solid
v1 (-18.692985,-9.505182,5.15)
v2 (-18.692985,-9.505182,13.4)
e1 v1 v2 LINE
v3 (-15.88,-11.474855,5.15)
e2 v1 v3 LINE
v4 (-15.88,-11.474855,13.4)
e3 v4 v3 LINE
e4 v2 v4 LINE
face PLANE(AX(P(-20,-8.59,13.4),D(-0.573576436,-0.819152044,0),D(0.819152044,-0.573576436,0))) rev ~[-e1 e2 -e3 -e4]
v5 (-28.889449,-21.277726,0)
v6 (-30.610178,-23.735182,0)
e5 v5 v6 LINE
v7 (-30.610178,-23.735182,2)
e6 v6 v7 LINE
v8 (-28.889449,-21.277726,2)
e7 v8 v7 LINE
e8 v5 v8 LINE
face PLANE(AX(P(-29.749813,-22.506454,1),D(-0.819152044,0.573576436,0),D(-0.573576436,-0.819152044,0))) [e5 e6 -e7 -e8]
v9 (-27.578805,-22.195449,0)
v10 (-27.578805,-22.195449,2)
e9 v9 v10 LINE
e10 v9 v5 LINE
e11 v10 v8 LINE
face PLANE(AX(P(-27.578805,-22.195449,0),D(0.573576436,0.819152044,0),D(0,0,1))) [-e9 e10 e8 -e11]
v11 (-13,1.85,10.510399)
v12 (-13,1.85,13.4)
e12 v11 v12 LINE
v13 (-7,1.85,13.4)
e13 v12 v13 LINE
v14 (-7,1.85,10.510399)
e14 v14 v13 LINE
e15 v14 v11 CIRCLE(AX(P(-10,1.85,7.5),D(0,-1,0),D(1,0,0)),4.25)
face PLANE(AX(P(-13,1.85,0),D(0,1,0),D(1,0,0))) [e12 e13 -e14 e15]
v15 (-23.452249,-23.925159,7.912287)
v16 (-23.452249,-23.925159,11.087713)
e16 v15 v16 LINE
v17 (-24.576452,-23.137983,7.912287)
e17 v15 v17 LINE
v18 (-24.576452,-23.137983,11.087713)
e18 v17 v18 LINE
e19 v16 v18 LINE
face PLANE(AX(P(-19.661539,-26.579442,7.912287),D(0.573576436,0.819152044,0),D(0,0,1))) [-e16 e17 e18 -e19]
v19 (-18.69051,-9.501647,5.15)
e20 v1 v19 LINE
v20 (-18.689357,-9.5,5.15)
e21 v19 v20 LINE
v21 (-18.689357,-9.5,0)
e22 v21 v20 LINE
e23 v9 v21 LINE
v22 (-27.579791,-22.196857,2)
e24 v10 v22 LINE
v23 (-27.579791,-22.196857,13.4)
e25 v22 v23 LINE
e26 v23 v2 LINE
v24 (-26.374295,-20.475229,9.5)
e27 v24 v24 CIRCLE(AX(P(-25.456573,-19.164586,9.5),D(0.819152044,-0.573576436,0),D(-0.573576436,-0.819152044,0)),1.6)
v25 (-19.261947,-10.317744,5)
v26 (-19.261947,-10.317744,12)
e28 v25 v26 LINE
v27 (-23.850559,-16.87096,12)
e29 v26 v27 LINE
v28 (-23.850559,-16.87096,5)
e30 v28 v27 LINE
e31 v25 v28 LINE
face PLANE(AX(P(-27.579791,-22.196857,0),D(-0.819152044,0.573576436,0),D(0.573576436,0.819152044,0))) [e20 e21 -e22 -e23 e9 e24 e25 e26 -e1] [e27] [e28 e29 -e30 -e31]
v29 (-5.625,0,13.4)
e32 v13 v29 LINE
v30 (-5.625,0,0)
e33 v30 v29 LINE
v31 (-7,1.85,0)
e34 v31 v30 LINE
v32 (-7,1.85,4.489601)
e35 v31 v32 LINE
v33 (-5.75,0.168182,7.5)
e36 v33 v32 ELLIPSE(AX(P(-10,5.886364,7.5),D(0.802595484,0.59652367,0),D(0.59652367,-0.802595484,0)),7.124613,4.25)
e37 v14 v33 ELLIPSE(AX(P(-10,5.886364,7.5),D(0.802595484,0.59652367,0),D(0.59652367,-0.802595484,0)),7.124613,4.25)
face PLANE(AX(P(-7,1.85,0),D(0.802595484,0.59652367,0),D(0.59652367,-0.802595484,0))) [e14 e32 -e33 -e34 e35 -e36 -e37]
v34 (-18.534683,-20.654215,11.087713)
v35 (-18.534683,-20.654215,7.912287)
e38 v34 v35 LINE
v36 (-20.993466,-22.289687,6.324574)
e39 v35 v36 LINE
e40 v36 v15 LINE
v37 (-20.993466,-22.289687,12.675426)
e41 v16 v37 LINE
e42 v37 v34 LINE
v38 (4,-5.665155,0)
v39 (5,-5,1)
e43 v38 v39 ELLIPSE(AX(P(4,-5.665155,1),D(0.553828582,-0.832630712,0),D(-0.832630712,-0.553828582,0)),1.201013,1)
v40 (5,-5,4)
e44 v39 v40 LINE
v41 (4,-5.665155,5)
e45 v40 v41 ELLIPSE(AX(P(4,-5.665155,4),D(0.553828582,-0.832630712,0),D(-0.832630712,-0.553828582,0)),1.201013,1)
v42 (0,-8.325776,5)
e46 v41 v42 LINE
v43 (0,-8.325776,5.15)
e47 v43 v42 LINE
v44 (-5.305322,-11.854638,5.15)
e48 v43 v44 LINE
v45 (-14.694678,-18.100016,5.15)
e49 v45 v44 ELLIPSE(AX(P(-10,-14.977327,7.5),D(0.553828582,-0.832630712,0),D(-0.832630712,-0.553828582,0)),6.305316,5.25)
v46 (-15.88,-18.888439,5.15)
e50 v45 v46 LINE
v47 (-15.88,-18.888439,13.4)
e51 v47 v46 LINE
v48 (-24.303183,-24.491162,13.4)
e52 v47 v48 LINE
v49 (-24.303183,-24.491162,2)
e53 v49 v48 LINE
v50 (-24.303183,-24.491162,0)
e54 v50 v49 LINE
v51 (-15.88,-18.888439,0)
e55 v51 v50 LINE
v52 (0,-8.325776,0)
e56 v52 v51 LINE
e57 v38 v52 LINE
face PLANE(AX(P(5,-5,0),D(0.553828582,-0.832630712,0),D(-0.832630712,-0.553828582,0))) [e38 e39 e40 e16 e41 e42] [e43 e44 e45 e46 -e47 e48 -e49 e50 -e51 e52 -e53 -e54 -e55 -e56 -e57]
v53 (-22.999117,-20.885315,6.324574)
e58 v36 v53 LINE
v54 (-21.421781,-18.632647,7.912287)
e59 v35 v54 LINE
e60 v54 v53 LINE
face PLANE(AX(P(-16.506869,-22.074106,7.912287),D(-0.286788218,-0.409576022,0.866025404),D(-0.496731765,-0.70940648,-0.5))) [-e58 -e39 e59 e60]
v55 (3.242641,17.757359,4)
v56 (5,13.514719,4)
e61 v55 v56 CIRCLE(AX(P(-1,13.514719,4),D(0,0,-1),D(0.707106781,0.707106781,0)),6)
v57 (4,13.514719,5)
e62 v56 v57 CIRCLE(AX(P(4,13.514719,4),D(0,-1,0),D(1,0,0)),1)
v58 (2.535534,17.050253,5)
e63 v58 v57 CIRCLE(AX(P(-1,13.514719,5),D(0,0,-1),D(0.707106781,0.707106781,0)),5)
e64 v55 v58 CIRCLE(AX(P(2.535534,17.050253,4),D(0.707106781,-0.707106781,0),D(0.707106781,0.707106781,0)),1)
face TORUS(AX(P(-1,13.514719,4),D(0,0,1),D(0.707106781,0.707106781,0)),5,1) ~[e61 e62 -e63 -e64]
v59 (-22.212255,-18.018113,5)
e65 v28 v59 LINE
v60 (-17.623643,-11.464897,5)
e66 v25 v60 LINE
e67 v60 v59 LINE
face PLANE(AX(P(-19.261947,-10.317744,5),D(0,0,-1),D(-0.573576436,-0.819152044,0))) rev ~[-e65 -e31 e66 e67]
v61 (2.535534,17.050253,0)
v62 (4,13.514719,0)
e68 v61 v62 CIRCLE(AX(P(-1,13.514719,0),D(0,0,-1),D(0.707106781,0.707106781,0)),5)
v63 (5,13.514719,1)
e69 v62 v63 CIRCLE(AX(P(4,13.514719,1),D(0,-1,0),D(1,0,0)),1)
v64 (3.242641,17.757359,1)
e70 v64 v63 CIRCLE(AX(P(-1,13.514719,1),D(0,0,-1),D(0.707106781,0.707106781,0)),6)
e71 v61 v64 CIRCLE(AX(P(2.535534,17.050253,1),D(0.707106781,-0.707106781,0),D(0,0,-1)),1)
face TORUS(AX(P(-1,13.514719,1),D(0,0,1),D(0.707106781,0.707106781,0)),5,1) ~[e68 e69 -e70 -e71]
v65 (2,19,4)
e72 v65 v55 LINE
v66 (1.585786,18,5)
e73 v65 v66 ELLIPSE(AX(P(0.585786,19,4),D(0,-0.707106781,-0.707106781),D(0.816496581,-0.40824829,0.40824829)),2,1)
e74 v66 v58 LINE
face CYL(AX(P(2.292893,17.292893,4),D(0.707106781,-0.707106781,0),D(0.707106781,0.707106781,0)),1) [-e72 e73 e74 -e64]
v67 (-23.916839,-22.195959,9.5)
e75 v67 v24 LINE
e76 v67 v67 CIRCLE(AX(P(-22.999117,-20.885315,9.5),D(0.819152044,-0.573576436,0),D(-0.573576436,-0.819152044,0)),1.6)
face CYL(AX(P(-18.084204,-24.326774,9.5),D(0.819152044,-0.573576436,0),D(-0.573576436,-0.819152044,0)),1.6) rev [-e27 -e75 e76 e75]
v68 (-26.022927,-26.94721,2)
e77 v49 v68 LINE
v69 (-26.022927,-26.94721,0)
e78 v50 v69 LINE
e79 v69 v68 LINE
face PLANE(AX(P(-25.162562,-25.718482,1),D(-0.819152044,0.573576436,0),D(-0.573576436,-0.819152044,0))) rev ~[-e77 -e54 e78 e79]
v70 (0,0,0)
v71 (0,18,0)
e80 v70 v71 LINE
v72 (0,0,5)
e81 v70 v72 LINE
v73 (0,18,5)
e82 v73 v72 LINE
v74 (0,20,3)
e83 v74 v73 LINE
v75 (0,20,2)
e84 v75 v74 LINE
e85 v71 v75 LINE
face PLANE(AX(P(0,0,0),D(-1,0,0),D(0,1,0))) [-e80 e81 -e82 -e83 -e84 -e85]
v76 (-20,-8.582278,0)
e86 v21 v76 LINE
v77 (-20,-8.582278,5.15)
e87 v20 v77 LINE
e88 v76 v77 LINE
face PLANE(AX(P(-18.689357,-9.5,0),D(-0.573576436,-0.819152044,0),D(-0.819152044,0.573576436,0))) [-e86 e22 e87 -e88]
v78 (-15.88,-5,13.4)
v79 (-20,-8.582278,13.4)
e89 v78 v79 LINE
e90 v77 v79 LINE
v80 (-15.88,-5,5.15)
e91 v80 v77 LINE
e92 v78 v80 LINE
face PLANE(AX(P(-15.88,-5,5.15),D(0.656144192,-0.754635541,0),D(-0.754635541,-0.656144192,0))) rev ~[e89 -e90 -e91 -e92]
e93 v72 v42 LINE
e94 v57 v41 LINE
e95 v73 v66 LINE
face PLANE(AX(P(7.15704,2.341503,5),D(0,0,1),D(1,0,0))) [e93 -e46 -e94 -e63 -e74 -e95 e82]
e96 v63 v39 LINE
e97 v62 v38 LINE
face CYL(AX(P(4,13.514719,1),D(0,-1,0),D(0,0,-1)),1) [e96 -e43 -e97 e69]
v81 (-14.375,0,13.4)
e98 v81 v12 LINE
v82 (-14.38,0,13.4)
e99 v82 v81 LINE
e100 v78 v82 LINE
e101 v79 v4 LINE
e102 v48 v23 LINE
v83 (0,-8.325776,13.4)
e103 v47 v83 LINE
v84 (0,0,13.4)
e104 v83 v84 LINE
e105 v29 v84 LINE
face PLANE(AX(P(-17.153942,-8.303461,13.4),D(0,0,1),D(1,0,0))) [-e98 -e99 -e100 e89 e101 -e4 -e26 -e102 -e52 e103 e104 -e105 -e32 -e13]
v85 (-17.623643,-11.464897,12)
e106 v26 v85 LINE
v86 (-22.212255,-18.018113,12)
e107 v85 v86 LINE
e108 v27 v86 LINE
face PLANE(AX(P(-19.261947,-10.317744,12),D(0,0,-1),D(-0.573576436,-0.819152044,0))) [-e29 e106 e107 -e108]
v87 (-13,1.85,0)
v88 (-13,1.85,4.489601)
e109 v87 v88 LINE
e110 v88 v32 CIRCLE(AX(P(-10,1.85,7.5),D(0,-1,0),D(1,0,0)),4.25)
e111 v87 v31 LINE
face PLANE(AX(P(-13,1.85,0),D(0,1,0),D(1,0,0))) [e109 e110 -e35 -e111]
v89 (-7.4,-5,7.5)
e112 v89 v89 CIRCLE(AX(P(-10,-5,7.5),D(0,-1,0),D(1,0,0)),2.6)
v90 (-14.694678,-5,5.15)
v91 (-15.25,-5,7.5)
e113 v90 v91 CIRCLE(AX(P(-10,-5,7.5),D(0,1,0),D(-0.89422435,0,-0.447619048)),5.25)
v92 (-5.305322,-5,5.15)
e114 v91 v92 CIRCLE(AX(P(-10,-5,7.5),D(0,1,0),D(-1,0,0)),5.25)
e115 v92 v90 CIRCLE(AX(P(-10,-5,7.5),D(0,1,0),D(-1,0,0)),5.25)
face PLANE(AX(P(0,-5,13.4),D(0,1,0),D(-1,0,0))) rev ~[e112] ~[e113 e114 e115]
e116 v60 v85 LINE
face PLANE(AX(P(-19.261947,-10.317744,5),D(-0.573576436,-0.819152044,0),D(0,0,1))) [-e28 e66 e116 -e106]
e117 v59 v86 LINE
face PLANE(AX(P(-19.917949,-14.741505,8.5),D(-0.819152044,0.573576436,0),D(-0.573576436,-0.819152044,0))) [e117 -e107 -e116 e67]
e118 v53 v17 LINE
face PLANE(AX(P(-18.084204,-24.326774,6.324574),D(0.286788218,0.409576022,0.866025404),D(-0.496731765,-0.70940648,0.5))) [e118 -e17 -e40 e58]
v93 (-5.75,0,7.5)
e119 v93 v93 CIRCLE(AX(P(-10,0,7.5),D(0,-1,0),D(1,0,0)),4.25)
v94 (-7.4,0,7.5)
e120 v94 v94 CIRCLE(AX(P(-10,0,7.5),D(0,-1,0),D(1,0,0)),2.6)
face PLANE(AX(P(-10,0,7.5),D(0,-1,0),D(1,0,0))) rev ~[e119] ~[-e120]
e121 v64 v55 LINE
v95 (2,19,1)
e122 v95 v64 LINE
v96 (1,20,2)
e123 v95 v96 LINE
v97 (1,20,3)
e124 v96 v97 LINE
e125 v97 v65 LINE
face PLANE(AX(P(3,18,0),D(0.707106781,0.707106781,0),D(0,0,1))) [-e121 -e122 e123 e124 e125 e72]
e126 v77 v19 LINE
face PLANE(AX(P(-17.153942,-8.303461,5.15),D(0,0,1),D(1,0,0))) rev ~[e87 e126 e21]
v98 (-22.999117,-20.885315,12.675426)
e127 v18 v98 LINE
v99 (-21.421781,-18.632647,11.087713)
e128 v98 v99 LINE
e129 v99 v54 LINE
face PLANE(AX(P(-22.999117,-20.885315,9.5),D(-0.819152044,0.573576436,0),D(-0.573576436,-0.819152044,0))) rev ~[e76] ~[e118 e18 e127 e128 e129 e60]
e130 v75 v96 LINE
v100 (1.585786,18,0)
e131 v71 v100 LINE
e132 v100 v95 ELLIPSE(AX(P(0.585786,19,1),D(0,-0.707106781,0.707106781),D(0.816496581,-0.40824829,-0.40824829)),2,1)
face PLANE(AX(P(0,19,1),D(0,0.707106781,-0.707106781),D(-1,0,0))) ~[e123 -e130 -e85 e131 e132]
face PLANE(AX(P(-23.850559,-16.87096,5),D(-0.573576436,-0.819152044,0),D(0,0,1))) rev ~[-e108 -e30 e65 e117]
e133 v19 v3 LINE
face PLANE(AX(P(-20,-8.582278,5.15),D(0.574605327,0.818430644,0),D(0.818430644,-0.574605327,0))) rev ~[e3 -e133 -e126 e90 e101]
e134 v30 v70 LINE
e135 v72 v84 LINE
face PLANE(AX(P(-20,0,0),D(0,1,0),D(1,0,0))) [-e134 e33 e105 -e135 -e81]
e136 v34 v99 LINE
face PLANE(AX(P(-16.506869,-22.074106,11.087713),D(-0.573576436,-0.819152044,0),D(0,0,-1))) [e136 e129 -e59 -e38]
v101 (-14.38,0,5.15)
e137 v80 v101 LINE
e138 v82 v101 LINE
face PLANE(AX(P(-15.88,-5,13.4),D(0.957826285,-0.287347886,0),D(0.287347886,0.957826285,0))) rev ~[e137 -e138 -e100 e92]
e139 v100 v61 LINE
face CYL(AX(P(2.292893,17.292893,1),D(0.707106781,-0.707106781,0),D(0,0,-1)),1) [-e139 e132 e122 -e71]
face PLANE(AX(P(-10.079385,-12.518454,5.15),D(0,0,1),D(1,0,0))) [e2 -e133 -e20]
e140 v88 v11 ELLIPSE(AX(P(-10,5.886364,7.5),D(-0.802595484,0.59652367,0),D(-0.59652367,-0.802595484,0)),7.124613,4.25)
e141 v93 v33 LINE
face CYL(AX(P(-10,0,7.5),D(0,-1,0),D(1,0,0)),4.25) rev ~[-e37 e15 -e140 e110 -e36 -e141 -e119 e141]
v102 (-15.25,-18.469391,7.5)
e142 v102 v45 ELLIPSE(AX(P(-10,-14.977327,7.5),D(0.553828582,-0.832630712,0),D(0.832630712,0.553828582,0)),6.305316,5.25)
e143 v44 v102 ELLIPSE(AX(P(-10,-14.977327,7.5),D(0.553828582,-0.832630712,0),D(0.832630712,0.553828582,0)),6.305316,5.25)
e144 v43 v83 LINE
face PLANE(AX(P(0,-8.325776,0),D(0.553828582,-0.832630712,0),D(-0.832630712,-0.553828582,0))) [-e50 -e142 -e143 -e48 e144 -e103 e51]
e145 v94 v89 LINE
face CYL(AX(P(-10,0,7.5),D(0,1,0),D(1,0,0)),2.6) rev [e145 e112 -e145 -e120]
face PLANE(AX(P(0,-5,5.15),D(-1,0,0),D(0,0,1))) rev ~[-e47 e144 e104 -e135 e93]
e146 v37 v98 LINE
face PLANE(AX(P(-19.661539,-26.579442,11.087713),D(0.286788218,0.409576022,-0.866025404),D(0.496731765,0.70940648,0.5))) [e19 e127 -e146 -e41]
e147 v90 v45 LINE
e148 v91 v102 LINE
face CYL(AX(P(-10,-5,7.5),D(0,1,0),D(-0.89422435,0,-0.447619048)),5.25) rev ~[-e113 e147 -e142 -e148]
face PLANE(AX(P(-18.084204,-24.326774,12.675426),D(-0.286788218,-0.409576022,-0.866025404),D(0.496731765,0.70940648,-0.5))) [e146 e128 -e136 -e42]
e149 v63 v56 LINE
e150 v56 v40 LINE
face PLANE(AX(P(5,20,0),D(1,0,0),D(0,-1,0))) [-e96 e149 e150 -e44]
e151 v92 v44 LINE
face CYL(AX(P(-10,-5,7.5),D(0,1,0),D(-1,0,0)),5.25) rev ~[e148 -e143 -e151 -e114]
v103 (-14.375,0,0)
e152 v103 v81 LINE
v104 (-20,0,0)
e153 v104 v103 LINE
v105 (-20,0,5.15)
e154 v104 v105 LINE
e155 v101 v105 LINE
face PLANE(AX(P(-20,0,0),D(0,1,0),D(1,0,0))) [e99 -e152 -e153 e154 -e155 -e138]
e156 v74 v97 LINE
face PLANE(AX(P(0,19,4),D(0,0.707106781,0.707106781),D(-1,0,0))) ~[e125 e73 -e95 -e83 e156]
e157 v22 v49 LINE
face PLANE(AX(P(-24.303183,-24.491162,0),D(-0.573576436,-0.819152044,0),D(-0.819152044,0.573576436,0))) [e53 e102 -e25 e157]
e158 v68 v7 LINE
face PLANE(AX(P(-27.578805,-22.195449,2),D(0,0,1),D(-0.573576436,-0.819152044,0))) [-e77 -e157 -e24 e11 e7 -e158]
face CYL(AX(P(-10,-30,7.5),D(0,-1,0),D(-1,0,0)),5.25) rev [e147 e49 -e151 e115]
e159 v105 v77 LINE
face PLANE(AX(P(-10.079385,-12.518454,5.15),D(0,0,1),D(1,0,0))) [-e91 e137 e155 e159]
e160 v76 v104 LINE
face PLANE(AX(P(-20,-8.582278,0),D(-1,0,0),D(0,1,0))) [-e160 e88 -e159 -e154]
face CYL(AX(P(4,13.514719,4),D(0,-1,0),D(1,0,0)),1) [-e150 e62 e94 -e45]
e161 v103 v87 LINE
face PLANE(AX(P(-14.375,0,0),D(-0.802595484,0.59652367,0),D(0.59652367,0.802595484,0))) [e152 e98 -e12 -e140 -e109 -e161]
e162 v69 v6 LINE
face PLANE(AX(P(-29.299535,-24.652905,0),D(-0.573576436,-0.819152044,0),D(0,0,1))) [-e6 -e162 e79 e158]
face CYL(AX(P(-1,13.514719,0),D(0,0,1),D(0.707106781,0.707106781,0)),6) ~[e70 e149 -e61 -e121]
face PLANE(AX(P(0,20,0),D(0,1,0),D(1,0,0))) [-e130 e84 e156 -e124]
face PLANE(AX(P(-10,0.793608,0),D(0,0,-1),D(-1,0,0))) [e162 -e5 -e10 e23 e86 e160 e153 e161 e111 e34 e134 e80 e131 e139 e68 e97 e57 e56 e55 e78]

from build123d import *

# Parameters (mm, degrees)
PAD_DEPTH            = 13.4
POCKET001_DEPTH      = 8.4
POCKET001_DEPTH_BACK = 100
SKETCH003_R          = 2.6
POCKET002_DEPTH      = 24.4921624319
SKETCH004_R          = 5.25
POCKET_DEPTH         = 25
SKETCH007_W          = 3
SKETCH007_H          = 2
PAD001_DEPTH         = 1.6
PAD001_DEPTH_BACK    = 4
POCKET005_DEPTH      = 8.25
PAD002_DEPTH         = 13.4
POCKET006_DEPTH      = 5
SKETCH010_R          = 4.25
POCKET007_DEPTH      = 5
CHAMFER_SIZE         = 4
CHAMFER001_SIZE      = 2
FILLET_R             = 6
SKETCH011_R          = 1.6
POCKET008_DEPTH      = 16
POCKET009_DEPTH      = 6
SKETCH013_W          = 8
SKETCH013_H          = 7
POCKET010_DEPTH      = 2
FILLET001_R          = 1
PAD003_DEPTH         = 14
PAD004_DEPTH         = 8.25
POCKET011_DEPTH      = 15


with BuildPart() as part:
    # Sketch → Pad (new body)
    with BuildSketch(Plane.XY):
        Polygon((0, 0), (0, 20), (5, 20), (5, -5), (-24.3031833154, -24.4911624319), (-27.5797914926, -22.1968566865), (-18.6893567291, -9.5), (-20, -8.5822777018), (-20, 0), align=None)
    extrude(amount=PAD_DEPTH)

    # Sketch002 → Pocket001 (cut, two sides)
    with BuildSketch(Plane.XY.offset(13.4)) as pocket001_sk:
        Polygon((14.314081, -22.145182), (14.314081, 26.828188), (0, 26.828188), (0, 0), (0, -22.145182), align=None)
    extrude(amount=-POCKET001_DEPTH, mode=Mode.SUBTRACT)
    extrude(pocket001_sk.sketch, amount=POCKET001_DEPTH_BACK, mode=Mode.SUBTRACT)

    # Sketch003 → Pocket002 (cut, through all)
    with BuildSketch(Plane.XZ):
        with Locations((-10, 7.5)):
            Circle(SKETCH003_R)
    extrude(amount=POCKET002_DEPTH, mode=Mode.SUBTRACT)

    # Sketch004 (on DatumPlane) → Pocket (cut)
    with BuildSketch(Plane(origin=(0, -30, 0), x_dir=(-1, 0, 0), z_dir=(0, 1, 0))):
        with Locations((10, 7.5)):
            Circle(SKETCH004_R)
    extrude(amount=POCKET_DEPTH, mode=Mode.SUBTRACT)

    # Sketch007 (on DatumPlane) → Pad001 (join, two sides)
    with BuildSketch(Plane(origin=(-8.0772066494, 5.6557209836, 0), x_dir=(-0.5735764364, -0.8191520443, 0), z_dir=(-0.8191520443, 0.5735764364, 0))) as pad001_sk:
        with Locations((35.5, 1)):
            Rectangle(SKETCH007_W, SKETCH007_H)
    extrude(amount=PAD001_DEPTH)
    extrude(pad001_sk.sketch, amount=-PAD001_DEPTH_BACK)

    # Sketch008 (on DatumPlane) → Pocket005 (cut)
    with BuildSketch(Plane.XY.offset(13.4)):
        Polygon((-15.88, -5), (-14.38, 0), (-20, 0), (-20, -8.59), (-15.88, -11.4748550574), (-15.88, -25), (-3.690549763, -25), (0, -25), (0, -10), (0, -5), align=None)
    extrude(amount=-POCKET005_DEPTH, mode=Mode.SUBTRACT)

    # Sketch009 → Pad002 (join)
    with BuildSketch(Plane.XY):
        Polygon((-14.375, 0), (-13, 1.85), (-7, 1.85), (-5.625, 0), align=None)
    extrude(amount=PAD002_DEPTH)

    # Sketch003 → Pocket006 (cut)
    with BuildSketch(Plane.XZ):
        with Locations((-10, 7.5)):
            Circle(SKETCH003_R)
    extrude(amount=-POCKET006_DEPTH, mode=Mode.SUBTRACT)

    # Sketch010 → Pocket007 (cut)
    with BuildSketch(Plane.XZ):
        with Locations((-10, 7.5)):
            Circle(SKETCH010_R)
    extrude(amount=-POCKET007_DEPTH, mode=Mode.SUBTRACT)

    # Chamfer
    chamfer_edges = [part.edges().sort_by_distance(p)[0] for p in [
        (5, 20, 2.5),
    ]]
    chamfer(chamfer_edges, length=CHAMFER_SIZE)

    # Chamfer001
    chamfer001_edges = [part.edges().sort_by_distance(p)[0] for p in [
        (0.5, 20, 5),
        (0.5, 20, 0),
    ]]
    chamfer(chamfer001_edges, length=CHAMFER001_SIZE)

    # Fillet
    fillet_edges = [part.edges().sort_by_distance(p)[0] for p in [
        (5, 16, 2.5),
    ]]
    fillet(fillet_edges, radius=FILLET_R)

    # Sketch011 (on DatumPlane) → Pocket008 (cut)
    with BuildSketch(Plane(origin=(-0.7048382508, 0.4935330564, 0), x_dir=(-0.5735764364, -0.8191520443, 0), z_dir=(-0.8191520443, 0.5735764364, 0))):
        with Locations((30.3, 9.5)):
            Circle(SKETCH011_R)
    extrude(amount=POCKET008_DEPTH, mode=Mode.SUBTRACT)

    # Sketch012 (on DatumPlane) → Pocket009 (cut)
    with BuildSketch(Plane(origin=(-0.7048382508, 0.4935330564, 0), x_dir=(-0.5735764364, -0.8191520443, 0), z_dir=(-0.8191520443, 0.5735764364, 0))):
        Polygon((33.05, 7.9122867597), (33.05, 11.0877132403), (30.3, 12.6754264805), (27.55, 11.0877132403), (27.55, 7.9122867597), (30.3, 6.3245735195), align=None)
    extrude(amount=POCKET009_DEPTH, mode=Mode.SUBTRACT)

    # Sketch013 (on DatumPlane) → Pocket010 (cut)
    with BuildSketch(Plane(origin=(-8.0772066494, 5.6557209836, 0), x_dir=(-0.5735764364, -0.8191520443, 0), z_dir=(-0.8191520443, 0.5735764364, 0))):
        with Locations((23.5, 8.5)):
            Rectangle(SKETCH013_W, SKETCH013_H)
    extrude(amount=-POCKET010_DEPTH, mode=Mode.SUBTRACT)

    # Fillet001
    fillet001_edges = [part.edges().sort_by_distance(p)[0] for p in [
        (4.543277, 15.810819, 5),
        (4.543277, 15.810819, 0),
    ]]
    fillet(fillet001_edges, radius=FILLET001_R)

    # Fillet001 Face52 → Pad003 (add)
    with BuildSketch(Plane(origin=(-5.7758983743, -5, 10.0600347273), x_dir=(-1, 0, 0), z_dir=(0, -1, 0))):
        with BuildLine():
            Line((-5.7758983743, -3.3399652727), (10.1041016257, -3.3399652727))
            Line((10.1041016257, -3.3399652727), (10.1041016257, 4.9100347273))
            Line((10.1041016257, 4.9100347273), (8.9187794634, 4.9100347273))
            ThreePointArc((8.9187794634, 4.9100347273), (9.3333852666, 3.7673957652), (9.4741016257, 2.5600347273))
            ThreePointArc((9.4741016257, 2.5600347273), (3.0167405877, -2.5492489137), (-0.4705762121, 4.9100347273))
            Line((-0.4705762121, 4.9100347273), (-5.7758983743, 4.9100347273))
            Line((-5.7758983743, 4.9100347273), (-5.7758983743, -3.3399652727))
        make_face()
    extrude(amount=PAD003_DEPTH)

    # Sketch014 (on Face41 of Pad003) → Pad004 (join)
    with BuildSketch(Plane.XY.offset(5.15)):
        Polygon((-15.88, -5), (-20, -8.5822777018), (-15.88, -11.4748550574), align=None)
    extrude(amount=PAD004_DEPTH)

    # Sketch015 → Pocket011 (cut)
    with BuildSketch(Plane.XY):
        Polygon((-15.88, -18.8884389179), (-17.149737, -23.146951), (5.036606, -23.146951), (0, -8.325775603), align=None)
    extrude(amount=POCKET011_DEPTH, mode=Mode.SUBTRACT)


solid = part.part
